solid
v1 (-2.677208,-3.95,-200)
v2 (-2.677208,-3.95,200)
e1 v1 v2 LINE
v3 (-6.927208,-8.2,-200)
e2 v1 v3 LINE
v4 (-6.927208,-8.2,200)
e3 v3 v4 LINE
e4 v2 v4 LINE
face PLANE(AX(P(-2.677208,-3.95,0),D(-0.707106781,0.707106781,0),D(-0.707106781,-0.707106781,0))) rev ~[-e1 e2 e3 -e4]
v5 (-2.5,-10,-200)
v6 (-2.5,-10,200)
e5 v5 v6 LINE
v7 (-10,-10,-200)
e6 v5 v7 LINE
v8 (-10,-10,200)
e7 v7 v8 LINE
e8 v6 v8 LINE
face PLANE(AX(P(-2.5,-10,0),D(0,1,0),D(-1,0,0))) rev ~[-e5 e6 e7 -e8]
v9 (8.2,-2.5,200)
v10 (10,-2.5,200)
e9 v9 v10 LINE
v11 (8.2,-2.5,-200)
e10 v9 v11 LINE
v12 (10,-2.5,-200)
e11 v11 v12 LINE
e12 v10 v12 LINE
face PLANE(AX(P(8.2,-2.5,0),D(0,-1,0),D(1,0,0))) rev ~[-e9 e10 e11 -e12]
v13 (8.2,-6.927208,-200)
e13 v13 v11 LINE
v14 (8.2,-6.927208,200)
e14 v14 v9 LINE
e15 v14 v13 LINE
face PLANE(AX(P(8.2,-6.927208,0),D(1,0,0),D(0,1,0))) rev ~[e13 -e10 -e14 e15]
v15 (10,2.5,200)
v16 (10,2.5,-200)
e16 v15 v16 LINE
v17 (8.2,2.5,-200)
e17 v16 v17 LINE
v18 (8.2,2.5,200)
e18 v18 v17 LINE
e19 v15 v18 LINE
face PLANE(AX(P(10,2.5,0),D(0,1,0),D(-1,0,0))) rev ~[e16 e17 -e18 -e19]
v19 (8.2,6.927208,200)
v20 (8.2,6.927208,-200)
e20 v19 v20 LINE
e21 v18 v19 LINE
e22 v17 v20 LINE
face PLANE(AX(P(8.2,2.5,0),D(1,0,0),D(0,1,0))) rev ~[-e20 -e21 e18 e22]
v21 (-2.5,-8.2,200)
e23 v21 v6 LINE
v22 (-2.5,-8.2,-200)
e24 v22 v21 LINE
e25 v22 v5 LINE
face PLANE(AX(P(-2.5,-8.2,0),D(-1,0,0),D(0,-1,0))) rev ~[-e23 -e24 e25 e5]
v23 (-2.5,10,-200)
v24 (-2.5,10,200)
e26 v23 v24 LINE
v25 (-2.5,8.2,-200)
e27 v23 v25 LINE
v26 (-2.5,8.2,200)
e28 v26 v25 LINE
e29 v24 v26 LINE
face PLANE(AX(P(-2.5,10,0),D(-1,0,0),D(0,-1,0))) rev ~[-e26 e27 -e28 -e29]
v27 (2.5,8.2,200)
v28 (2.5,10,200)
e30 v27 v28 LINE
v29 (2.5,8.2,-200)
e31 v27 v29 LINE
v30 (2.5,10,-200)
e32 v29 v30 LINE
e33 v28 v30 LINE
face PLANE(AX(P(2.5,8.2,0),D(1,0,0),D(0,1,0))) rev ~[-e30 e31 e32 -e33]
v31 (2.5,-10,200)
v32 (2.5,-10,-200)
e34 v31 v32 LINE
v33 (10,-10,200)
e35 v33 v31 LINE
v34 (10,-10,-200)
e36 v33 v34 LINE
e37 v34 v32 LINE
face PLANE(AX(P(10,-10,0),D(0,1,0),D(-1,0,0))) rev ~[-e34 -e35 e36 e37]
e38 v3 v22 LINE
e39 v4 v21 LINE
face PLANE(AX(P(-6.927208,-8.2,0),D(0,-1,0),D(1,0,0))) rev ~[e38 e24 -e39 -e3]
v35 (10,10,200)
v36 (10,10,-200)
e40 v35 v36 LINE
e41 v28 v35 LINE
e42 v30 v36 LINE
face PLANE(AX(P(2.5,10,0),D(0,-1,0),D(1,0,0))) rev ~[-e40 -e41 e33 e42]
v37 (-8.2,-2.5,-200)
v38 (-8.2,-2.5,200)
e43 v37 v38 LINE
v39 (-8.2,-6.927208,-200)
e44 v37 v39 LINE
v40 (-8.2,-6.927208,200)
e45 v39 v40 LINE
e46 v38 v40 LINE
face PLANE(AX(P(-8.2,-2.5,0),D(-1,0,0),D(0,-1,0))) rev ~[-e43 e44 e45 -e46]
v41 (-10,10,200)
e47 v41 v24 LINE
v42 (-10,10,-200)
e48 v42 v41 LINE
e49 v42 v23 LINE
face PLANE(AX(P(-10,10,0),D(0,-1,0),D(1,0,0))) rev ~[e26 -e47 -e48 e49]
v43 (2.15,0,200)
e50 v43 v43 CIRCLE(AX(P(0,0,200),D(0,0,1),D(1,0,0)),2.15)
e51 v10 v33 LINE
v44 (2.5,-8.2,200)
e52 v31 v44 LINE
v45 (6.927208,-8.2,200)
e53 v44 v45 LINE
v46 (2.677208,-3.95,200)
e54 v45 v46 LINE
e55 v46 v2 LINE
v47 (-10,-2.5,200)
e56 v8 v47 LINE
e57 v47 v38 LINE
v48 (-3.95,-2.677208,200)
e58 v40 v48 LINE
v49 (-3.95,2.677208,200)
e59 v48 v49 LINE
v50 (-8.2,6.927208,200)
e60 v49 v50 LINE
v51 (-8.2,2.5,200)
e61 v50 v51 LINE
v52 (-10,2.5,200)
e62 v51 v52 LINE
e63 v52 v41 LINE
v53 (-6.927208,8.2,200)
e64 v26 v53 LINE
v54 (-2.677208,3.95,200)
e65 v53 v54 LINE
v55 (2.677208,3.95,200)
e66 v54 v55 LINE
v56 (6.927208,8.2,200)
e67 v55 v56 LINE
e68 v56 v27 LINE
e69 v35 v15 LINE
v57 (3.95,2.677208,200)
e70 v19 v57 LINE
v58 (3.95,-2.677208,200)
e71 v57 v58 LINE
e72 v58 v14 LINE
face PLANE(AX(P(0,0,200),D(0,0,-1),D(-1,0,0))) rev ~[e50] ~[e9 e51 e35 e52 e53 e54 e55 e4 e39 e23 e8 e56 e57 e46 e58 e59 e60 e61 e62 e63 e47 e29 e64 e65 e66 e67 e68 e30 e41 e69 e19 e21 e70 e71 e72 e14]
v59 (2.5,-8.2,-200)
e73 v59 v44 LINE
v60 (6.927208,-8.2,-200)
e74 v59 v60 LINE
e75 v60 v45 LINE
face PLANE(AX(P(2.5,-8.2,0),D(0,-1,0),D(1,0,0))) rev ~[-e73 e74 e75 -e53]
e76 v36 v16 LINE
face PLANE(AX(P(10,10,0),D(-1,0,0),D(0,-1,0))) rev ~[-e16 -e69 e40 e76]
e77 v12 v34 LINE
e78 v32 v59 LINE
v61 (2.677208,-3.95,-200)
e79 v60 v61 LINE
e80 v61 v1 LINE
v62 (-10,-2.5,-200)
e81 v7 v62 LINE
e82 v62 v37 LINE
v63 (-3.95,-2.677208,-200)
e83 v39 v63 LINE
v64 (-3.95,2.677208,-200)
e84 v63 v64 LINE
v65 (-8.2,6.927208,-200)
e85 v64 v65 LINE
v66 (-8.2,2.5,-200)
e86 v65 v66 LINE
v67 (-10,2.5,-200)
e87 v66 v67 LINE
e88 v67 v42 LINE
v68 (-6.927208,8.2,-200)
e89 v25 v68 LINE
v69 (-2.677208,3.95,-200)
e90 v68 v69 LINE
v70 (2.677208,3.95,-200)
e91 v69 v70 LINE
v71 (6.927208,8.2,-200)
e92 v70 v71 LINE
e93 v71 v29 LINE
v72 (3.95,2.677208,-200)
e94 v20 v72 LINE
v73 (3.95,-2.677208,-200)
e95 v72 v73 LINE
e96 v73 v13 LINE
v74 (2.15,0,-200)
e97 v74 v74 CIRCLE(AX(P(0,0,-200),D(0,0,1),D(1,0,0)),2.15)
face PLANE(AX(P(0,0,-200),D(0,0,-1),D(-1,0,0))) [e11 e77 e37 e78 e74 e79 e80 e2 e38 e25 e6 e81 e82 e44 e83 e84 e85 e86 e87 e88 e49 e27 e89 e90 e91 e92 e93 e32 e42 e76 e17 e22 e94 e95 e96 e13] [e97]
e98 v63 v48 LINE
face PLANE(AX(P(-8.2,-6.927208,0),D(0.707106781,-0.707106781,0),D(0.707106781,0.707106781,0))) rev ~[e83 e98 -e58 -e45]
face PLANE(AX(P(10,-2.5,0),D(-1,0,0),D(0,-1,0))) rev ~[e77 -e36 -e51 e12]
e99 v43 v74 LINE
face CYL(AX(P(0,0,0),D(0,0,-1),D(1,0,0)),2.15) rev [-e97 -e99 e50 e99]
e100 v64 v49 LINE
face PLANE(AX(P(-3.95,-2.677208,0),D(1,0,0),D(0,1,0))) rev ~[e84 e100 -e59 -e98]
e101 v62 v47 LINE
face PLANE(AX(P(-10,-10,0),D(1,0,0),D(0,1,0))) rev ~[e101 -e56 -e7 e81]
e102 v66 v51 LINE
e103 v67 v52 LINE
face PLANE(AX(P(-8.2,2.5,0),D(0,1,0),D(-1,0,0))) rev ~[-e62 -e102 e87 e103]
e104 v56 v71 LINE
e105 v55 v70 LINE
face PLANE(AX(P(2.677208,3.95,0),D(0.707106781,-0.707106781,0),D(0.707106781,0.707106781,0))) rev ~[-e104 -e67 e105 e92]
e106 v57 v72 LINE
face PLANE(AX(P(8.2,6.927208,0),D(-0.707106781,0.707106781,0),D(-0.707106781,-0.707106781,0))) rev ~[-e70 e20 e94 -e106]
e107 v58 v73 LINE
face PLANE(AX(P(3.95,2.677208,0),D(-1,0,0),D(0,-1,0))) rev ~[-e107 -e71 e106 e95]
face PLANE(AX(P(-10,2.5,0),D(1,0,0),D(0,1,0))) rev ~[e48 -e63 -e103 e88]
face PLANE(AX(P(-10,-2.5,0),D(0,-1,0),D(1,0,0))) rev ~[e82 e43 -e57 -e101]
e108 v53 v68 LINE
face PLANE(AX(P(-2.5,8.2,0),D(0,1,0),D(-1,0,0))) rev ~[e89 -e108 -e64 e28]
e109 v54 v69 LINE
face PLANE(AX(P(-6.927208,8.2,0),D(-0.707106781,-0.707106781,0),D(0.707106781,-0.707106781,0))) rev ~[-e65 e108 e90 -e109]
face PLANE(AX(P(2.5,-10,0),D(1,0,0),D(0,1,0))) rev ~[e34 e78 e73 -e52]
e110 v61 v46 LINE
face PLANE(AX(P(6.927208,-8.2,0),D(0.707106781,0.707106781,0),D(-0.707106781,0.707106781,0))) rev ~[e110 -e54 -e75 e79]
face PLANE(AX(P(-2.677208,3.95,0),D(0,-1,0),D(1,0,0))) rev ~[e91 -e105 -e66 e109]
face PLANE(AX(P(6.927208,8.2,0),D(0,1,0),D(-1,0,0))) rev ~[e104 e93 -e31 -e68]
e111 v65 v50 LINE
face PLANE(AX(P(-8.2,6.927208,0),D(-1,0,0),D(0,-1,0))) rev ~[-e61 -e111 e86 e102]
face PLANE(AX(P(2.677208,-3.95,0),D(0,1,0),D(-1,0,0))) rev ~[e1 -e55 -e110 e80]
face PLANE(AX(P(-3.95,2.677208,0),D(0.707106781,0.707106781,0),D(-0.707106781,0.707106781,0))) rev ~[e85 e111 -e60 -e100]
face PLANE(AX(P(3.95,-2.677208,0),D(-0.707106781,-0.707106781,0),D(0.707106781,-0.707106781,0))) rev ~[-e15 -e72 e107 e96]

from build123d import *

# Parameters (mm, degrees)
SKETCH2_R           = 2.15
BOSS_EXTRUDE1_DEPTH = 200


with BuildPart() as part:
    # Sketch2 → Boss-Extrude1 (new body, symmetric)
    with BuildSketch(Plane.XY):
        Polygon((-2.5, 10), (-2.5, 8.2), (-6.927207794, 8.2), (-2.677207794, 3.95), (2.677207794, 3.95), (6.927207794, 8.2), (2.5, 8.2), (2.5, 10), (10, 10), (10, 2.5), (8.2, 2.5), (8.2, 6.927207794), (3.95, 2.677207794), (3.95, -2.677207794), (8.2, -6.927207794), (8.2, -2.5), (10, -2.5), (10, -10), (2.5, -10), (2.5, -8.2), (6.927207794, -8.2), (2.677207794, -3.95), (-2.677207794, -3.95), (-6.927207794, -8.2), (-2.5, -8.2), (-2.5, -10), (-10, -10), (-10, -2.5), (-8.2, -2.5), (-8.2, -6.927207794), (-3.95, -2.677207794), (-3.95, 2.677207794), (-8.2, 6.927207794), (-8.2, 2.5), (-10, 2.5), (-10, 10), align=None)
        Circle(SKETCH2_R, mode=Mode.SUBTRACT)
    extrude(amount=BOSS_EXTRUDE1_DEPTH, both=True)


solid = part.part
